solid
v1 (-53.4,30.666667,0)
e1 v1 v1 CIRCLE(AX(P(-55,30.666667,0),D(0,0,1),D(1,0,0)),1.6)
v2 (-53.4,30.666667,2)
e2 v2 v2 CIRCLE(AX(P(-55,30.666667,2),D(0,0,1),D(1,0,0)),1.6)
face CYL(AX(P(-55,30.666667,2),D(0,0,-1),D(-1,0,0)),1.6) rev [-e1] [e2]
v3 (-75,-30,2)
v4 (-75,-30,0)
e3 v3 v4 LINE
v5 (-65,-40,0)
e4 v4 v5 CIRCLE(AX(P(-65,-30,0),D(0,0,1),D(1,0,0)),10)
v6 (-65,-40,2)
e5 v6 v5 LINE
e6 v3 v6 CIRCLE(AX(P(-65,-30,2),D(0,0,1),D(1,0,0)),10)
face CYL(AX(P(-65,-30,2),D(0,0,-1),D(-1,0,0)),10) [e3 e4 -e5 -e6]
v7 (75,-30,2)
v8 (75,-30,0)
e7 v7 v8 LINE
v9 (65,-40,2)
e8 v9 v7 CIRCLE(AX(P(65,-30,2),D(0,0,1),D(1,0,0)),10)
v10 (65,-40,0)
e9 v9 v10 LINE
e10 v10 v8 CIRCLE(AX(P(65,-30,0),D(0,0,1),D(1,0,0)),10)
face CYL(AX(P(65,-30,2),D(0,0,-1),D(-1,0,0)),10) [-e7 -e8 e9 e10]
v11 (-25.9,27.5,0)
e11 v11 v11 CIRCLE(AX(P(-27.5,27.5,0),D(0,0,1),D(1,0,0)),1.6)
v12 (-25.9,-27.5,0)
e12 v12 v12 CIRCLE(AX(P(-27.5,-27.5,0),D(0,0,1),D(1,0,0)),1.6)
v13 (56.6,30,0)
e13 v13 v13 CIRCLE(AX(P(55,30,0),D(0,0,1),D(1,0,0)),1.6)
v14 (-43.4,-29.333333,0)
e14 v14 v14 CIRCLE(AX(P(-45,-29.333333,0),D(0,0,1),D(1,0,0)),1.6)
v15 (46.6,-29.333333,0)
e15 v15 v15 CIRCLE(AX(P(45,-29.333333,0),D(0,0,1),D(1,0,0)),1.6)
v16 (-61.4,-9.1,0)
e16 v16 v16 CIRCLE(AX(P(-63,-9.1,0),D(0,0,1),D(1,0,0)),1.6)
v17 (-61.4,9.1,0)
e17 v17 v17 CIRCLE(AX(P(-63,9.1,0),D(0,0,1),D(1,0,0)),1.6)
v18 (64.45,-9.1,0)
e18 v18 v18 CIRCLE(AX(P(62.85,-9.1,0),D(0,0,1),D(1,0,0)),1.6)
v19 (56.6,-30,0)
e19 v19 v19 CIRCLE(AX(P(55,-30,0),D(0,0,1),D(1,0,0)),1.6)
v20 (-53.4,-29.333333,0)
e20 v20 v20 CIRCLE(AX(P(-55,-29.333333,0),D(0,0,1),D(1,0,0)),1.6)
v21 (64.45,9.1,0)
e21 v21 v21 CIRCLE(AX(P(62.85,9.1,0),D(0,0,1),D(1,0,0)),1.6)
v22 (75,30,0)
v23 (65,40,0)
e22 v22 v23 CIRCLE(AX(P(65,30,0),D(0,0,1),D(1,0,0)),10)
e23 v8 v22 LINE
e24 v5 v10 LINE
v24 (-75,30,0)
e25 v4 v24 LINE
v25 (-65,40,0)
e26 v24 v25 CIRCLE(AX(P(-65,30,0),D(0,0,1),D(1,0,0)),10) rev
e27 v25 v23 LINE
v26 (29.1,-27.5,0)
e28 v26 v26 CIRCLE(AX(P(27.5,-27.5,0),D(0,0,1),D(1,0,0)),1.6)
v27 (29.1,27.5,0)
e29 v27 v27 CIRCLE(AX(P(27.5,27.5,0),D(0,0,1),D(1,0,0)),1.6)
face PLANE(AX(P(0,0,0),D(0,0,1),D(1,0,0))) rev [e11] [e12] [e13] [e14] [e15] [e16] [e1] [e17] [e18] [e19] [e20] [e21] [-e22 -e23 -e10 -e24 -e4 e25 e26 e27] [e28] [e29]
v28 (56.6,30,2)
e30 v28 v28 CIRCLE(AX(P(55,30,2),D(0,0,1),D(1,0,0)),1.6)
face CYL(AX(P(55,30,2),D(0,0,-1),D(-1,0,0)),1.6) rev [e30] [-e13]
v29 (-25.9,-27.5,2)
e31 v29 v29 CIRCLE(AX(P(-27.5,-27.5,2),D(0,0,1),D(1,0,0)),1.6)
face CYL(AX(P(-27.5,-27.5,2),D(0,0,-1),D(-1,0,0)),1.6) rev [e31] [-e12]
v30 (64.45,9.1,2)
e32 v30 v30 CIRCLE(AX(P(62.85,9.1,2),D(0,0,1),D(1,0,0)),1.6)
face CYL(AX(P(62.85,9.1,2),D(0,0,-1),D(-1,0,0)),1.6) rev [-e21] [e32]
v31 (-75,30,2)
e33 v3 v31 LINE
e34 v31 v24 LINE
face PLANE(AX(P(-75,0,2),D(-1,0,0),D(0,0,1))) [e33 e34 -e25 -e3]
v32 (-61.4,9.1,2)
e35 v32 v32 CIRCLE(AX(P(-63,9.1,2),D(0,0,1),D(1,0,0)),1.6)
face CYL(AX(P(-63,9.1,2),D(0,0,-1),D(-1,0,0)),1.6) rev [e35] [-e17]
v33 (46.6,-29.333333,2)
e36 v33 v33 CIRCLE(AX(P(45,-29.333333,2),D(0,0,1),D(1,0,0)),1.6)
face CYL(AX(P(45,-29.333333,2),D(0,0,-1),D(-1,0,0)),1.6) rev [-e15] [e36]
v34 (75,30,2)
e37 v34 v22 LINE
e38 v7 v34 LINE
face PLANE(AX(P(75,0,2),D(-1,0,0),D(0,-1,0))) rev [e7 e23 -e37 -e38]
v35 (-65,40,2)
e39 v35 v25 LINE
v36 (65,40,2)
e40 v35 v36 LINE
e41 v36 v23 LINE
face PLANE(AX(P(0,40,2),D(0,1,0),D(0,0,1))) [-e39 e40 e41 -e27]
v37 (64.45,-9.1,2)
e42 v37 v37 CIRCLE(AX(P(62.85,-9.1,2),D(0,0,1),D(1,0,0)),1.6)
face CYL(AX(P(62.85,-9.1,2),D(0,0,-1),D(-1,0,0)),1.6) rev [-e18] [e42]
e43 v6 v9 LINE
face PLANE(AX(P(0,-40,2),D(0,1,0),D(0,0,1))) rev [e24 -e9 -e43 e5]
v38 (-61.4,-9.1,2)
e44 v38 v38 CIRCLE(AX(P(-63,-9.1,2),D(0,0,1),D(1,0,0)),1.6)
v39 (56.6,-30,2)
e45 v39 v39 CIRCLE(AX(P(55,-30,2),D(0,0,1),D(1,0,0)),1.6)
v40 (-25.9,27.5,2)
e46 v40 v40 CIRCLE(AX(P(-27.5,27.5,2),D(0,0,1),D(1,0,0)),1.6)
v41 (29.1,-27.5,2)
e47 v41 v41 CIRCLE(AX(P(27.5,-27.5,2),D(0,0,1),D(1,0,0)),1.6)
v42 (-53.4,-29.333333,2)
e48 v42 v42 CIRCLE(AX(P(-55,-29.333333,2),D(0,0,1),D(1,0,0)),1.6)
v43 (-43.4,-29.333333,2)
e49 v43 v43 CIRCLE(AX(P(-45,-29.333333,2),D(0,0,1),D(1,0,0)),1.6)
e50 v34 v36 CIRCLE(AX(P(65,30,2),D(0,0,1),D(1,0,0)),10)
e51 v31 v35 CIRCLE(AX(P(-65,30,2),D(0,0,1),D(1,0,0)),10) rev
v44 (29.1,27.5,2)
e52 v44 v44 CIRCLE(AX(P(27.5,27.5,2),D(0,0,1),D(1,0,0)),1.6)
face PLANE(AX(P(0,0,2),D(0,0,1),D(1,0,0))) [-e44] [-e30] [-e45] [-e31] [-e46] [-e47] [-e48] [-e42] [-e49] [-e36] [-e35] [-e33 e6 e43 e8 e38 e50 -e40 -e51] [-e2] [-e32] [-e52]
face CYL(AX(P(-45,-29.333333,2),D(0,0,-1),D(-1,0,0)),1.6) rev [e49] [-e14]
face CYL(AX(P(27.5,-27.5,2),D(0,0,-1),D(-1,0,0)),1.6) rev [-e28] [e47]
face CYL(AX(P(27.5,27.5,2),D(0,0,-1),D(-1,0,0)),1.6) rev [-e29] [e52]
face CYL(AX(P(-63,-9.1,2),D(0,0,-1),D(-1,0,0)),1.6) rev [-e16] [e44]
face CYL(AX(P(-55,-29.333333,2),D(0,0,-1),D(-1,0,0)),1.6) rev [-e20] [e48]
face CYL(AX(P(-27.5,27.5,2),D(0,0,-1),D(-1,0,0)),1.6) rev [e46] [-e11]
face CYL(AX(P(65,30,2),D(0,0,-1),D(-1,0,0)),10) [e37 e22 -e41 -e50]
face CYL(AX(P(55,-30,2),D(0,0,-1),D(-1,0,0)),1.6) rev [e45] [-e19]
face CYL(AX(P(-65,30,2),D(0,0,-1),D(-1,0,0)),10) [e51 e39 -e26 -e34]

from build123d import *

# Parameters (mm, degrees)
SKETCH1_R           = 1.6
BOSS_EXTRUDE1_DEPTH = 2


with BuildPart() as part:
    # Sketch1 → Boss-Extrude1 (new body)
    with BuildSketch(Plane.XY):
        with BuildLine():
            Line((-65, -40), (65, -40))
            ThreePointArc((65, -40), (72.071067812, -37.071067812), (75, -30))
            Line((75, -30), (75, 30))
            ThreePointArc((75, 30), (72.071067812, 37.071067812), (65, 40))
            Line((65, 40), (-65, 40))
            ThreePointArc((-65, 40), (-72.071067812, 37.071067812), (-75, 30))
            Line((-75, 30), (-75, -30))
            ThreePointArc((-75, -30), (-72.071067812, -37.071067812), (-65, -40))
        make_face()
        with Locations((-63, 9.1)):
            Circle(SKETCH1_R, mode=Mode.SUBTRACT)
        with Locations((-63, -9.1)):
            Circle(SKETCH1_R, mode=Mode.SUBTRACT)
        with Locations((62.85, 9.1)):
            Circle(SKETCH1_R, mode=Mode.SUBTRACT)
        with Locations((62.85, -9.1)):
            Circle(SKETCH1_R, mode=Mode.SUBTRACT)
        with Locations((55, 30)):
            Circle(SKETCH1_R, mode=Mode.SUBTRACT)
        with Locations((55, -30)):
            Circle(SKETCH1_R, mode=Mode.SUBTRACT)
        with Locations((-55, -29.333333333)):
            Circle(SKETCH1_R, mode=Mode.SUBTRACT)
        with Locations((-55, 30.666666667)):
            Circle(SKETCH1_R, mode=Mode.SUBTRACT)
        with Locations((-45, -29.333333333)):
            Circle(SKETCH1_R, mode=Mode.SUBTRACT)
        with Locations((45, -29.333333333)):
            Circle(SKETCH1_R, mode=Mode.SUBTRACT)
        with Locations((-27.5, -27.5)):
            Circle(SKETCH1_R, mode=Mode.SUBTRACT)
        with Locations((27.5, -27.5)):
            Circle(SKETCH1_R, mode=Mode.SUBTRACT)
        with Locations((-27.5, 27.5)):
            Circle(SKETCH1_R, mode=Mode.SUBTRACT)
        with Locations((27.5, 27.5)):
            Circle(SKETCH1_R, mode=Mode.SUBTRACT)
    extrude(amount=BOSS_EXTRUDE1_DEPTH)


solid = part.part
